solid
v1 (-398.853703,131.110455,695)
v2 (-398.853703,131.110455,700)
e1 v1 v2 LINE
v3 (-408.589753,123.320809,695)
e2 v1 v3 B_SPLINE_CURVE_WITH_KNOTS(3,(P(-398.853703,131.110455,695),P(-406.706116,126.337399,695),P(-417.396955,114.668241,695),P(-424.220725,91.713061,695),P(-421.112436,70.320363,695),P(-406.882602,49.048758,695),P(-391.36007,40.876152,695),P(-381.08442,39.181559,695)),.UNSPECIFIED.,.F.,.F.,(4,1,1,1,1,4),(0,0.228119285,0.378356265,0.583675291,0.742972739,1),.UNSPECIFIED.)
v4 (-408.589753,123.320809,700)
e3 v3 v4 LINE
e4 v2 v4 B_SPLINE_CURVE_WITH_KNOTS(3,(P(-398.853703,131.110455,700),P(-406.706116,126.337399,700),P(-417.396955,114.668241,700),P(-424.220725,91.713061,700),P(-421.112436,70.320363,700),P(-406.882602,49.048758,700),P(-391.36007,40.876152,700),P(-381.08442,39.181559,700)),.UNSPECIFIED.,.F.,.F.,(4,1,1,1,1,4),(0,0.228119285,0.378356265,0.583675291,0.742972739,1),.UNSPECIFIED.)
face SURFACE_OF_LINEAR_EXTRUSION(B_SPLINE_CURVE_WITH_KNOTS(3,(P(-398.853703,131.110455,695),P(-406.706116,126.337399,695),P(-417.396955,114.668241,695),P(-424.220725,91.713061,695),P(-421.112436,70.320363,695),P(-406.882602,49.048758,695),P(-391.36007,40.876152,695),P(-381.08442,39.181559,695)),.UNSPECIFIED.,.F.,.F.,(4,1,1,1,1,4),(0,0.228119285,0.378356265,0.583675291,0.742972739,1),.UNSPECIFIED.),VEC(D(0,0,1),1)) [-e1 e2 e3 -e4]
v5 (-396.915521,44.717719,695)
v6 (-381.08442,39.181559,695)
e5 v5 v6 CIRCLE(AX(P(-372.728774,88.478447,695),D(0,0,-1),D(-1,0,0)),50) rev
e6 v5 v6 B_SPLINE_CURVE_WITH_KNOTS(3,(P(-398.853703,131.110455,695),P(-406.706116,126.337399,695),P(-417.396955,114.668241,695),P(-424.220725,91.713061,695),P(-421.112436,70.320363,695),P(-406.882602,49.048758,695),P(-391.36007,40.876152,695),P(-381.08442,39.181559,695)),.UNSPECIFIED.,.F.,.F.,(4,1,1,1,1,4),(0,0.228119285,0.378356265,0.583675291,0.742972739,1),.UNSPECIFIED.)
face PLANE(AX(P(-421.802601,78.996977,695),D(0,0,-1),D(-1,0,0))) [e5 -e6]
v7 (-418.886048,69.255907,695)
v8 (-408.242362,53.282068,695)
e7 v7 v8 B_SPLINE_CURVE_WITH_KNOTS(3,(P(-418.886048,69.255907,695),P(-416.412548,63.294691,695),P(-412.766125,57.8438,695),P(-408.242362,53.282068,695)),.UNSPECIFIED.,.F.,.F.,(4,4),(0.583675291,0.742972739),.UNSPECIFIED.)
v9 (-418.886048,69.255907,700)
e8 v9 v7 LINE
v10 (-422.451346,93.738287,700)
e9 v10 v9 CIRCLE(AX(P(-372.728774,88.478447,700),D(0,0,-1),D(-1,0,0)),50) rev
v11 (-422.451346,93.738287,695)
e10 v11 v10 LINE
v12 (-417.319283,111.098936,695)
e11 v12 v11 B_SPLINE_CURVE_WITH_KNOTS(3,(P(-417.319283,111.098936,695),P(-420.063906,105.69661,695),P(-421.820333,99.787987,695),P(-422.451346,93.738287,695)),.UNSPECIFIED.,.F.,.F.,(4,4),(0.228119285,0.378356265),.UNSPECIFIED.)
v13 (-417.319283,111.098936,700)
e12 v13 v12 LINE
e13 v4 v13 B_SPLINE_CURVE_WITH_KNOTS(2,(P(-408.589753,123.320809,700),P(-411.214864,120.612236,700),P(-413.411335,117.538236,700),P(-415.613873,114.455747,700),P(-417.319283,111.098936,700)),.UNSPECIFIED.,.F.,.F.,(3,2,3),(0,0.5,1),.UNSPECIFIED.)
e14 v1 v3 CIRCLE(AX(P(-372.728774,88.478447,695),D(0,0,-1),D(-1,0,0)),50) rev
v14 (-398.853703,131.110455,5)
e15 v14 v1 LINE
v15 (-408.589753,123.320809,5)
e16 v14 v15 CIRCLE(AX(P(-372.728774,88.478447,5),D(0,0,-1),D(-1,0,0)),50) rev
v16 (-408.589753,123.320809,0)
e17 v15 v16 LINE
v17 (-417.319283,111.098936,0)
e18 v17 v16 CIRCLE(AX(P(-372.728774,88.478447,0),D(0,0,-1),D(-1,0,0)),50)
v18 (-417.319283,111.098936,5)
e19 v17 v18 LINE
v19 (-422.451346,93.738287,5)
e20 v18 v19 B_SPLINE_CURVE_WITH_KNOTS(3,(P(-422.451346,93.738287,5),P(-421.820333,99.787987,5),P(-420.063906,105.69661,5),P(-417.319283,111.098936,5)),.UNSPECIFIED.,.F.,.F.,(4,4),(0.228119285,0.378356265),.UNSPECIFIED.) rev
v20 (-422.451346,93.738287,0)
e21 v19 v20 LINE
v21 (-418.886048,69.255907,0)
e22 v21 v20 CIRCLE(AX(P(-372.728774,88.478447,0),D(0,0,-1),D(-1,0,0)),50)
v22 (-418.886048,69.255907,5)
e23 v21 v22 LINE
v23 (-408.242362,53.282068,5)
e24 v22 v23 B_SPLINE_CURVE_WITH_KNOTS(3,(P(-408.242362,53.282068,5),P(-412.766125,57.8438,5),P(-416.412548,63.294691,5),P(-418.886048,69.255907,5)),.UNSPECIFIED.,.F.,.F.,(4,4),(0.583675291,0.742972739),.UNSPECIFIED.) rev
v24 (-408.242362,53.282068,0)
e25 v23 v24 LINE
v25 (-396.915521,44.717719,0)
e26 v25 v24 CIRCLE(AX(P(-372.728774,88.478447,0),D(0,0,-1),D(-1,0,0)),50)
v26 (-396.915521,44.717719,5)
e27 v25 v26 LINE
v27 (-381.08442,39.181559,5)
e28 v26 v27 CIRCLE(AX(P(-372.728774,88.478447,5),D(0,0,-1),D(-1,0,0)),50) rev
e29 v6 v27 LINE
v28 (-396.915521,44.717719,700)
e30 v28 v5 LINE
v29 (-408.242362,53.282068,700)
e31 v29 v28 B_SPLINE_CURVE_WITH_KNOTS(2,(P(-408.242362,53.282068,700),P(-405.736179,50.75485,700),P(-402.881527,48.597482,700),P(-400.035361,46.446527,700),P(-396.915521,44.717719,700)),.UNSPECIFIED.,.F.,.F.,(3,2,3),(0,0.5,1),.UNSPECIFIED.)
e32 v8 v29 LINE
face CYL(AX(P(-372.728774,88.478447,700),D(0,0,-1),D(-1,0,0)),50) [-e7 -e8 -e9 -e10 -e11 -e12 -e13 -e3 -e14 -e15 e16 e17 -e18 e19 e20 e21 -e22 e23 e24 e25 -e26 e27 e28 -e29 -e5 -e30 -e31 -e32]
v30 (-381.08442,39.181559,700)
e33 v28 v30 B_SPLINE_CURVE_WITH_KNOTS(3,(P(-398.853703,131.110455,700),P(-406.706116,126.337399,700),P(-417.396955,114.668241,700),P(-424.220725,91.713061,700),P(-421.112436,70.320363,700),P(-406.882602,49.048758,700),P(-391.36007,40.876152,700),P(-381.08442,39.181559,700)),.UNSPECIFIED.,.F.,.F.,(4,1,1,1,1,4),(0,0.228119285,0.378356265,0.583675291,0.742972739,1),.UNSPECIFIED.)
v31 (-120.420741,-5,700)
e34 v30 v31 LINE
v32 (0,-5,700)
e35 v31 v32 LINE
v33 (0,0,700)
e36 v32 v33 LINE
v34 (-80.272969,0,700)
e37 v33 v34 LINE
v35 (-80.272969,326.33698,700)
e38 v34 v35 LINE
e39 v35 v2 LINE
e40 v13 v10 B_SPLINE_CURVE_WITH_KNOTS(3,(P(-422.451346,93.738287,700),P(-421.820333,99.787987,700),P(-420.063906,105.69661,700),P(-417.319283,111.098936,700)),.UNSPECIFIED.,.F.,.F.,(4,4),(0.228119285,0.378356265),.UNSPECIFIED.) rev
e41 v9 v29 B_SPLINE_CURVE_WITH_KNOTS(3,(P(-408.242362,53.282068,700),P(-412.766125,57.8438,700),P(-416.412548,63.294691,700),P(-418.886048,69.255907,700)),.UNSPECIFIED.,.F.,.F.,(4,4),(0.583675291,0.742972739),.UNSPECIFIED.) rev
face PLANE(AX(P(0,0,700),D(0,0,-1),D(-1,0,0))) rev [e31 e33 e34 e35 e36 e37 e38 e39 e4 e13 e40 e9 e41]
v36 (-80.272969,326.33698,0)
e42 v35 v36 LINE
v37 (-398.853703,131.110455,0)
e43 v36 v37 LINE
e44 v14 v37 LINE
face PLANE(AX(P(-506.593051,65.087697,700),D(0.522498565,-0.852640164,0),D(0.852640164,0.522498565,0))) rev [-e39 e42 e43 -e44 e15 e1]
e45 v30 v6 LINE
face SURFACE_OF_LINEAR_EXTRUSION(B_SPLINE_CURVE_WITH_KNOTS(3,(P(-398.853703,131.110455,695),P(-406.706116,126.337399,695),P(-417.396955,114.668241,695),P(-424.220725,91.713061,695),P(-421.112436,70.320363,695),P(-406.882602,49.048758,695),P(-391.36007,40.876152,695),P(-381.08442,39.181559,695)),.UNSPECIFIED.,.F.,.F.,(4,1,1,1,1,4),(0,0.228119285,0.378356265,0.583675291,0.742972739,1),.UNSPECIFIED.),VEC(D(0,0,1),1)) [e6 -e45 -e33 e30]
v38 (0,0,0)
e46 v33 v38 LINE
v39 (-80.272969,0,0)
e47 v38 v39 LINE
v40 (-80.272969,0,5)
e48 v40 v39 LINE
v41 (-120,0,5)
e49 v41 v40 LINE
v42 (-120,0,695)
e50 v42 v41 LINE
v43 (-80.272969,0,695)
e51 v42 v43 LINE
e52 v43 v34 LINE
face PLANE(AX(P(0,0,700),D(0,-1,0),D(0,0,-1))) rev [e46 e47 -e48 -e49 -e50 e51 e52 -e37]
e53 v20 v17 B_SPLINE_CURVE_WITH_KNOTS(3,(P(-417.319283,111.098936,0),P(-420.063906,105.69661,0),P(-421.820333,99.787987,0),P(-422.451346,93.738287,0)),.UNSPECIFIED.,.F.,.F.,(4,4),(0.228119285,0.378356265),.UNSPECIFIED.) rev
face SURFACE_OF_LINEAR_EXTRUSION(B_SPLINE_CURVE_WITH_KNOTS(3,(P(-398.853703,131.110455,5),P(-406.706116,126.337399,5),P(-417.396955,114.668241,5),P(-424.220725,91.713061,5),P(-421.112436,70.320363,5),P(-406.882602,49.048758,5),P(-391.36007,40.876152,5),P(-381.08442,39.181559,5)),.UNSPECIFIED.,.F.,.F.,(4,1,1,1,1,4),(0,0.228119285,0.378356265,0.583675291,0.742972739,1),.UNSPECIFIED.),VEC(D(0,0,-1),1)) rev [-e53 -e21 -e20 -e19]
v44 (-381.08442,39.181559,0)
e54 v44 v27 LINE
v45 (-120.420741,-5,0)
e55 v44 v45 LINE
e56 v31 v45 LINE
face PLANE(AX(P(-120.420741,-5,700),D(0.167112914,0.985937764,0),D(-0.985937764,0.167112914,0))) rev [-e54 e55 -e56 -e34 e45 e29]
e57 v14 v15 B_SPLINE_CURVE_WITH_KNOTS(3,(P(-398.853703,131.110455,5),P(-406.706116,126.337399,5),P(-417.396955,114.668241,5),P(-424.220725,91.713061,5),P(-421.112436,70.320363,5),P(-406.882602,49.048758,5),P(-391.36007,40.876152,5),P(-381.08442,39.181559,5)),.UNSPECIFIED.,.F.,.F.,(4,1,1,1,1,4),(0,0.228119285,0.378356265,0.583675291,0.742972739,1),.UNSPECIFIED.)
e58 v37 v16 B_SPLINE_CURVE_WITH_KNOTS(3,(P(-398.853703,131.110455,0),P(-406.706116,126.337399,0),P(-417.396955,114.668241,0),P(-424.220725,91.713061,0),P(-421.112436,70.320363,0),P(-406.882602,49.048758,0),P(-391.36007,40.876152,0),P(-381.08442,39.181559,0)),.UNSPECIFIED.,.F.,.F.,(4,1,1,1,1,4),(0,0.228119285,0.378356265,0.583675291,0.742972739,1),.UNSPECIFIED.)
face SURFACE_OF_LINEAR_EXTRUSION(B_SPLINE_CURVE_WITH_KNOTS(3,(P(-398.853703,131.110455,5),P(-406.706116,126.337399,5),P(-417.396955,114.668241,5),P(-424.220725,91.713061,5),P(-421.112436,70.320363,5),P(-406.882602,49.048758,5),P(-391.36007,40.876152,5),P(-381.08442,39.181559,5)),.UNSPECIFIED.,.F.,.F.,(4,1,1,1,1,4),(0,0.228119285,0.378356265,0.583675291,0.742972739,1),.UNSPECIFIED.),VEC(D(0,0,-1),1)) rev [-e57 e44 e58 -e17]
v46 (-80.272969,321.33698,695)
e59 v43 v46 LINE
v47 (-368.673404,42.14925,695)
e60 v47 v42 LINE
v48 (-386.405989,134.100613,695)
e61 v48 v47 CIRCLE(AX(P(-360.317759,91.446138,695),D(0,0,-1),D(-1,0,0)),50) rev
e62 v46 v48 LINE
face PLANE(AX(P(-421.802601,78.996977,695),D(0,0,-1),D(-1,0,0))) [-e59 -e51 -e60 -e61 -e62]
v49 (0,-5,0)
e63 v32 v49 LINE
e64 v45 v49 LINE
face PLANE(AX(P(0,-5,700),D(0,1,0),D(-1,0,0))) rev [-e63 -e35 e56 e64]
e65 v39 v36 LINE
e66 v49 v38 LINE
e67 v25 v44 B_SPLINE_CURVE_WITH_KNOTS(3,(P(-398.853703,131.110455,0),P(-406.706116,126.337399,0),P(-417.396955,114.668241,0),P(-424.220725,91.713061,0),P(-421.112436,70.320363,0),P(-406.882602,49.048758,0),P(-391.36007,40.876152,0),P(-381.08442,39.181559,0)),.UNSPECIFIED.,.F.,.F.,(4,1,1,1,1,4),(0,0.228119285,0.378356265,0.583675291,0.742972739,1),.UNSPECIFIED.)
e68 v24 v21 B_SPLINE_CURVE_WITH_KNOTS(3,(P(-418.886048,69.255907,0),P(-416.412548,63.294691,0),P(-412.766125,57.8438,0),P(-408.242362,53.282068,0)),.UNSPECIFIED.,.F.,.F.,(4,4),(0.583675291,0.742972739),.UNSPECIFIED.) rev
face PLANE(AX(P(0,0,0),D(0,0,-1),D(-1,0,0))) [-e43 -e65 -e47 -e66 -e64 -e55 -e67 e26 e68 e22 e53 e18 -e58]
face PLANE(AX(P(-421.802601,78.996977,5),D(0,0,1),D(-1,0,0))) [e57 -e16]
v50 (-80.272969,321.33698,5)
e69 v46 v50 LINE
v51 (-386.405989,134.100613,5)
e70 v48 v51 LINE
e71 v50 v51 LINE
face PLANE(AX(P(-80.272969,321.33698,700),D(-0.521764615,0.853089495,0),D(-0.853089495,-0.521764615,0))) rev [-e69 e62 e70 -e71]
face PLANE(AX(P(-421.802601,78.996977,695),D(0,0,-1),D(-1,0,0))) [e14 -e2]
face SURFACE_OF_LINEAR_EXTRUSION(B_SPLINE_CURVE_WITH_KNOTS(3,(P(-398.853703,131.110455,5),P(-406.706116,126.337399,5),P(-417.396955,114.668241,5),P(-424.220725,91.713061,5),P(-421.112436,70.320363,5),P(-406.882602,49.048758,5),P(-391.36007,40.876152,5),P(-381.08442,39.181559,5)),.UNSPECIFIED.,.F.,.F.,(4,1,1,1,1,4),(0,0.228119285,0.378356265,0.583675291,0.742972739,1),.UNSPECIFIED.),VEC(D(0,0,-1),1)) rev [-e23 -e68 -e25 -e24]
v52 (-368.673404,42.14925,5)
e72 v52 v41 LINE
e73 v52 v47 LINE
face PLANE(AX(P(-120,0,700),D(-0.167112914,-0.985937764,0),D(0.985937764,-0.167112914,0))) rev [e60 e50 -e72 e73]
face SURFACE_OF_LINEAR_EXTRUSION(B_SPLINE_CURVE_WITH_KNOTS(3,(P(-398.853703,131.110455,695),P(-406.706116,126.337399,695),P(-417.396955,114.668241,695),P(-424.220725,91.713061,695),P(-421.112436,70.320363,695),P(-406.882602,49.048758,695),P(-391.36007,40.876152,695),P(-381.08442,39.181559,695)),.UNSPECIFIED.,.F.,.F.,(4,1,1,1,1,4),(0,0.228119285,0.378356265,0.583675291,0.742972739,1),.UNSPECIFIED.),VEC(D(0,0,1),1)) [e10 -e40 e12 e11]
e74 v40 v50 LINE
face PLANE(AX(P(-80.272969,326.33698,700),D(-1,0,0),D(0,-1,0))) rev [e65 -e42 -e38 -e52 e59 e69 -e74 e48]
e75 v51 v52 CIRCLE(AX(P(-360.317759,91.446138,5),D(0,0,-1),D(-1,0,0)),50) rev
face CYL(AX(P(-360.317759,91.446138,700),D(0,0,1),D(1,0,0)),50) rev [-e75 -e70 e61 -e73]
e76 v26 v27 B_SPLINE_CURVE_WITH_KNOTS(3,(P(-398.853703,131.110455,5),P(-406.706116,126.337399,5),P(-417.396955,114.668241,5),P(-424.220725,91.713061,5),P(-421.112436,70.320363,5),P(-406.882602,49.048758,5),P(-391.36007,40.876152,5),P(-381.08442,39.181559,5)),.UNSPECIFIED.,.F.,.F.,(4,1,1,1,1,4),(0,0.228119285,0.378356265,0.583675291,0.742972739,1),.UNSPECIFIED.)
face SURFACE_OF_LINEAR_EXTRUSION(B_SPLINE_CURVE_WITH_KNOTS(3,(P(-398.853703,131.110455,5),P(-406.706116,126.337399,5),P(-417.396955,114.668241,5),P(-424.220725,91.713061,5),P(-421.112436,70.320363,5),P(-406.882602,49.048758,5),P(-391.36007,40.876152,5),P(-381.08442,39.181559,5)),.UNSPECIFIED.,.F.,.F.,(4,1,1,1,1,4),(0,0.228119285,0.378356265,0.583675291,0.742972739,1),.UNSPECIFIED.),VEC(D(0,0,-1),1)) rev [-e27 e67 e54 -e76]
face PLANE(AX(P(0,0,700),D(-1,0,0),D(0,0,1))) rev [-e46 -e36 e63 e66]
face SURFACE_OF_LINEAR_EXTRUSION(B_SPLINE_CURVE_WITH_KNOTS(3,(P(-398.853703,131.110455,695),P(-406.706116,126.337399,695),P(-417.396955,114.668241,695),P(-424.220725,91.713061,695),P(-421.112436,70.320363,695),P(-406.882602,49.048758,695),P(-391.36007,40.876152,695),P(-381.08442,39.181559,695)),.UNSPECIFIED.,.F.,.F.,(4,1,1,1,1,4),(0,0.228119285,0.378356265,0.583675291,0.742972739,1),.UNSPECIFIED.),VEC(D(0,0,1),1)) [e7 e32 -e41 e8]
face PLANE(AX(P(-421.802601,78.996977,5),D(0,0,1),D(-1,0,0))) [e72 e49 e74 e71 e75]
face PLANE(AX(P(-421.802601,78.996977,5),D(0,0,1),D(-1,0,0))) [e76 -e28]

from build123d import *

# Parameters (mm, degrees)
BOSS_EXTRUDE1_DEPTH = 700
FILLET4_R           = 50
FILLET5_R           = 50
BOSS_EXTRUDE2_DEPTH = 5


with BuildPart() as part:
    # Sketch1 → Boss-Extrude1 (new body)
    with BuildSketch(Plane.XY):
        Polygon((0, 0), (-120, 0), (-500.276363355, 64.455479422), (-80.272969111, 321.336979592), (-80.272969111, 326.336979592), (-506.593051288, 65.087697234), (-512.515194277, 61.458603343), (-505.351292424, 60.244347678), (-120.420740562, -5), (0, -5), align=None)
    extrude(amount=BOSS_EXTRUDE1_DEPTH)

    # Fillet4
    fillet4_edges = [part.edges().sort_by_distance(p)[0] for p in [
        (-500.276363355, 64.455479422, 350),
    ]]
    fillet(fillet4_edges, radius=FILLET4_R)

    # Fillet5
    fillet5_edges = [part.edges().sort_by_distance(p)[0] for p in [
        (-512.515194277, 61.458603343, 350),
    ]]
    fillet(fillet5_edges, radius=FILLET5_R)

    # Sketch2 → Boss-Extrude2 (add)
    with BuildSketch(Plane.XY.offset(700)):
        with BuildLine():
            Line((-120.420740562, -5), (-381.084420098, 39.181558602))
            add(Edge.make_bspline(
                [(-398.853702629, 131.110455006), (-406.706116268, 126.337398714), (-417.396955451, 114.668240543), (-424.220724955, 91.713060572), (-421.112435822, 70.320363039), (-406.882601787, 49.048758298), (-391.360070335, 40.876151559), (-381.084420098, 39.181558602)],
                knots=[0, 0, 0, 0, 0.228119285, 0.378356265, 0.583675291, 0.742972739, 1, 1, 1, 1], degree=3))
            Line((-398.853702629, 131.110455006), (-80.272969111, 326.336979592))
            Line((-80.272969111, 326.336979592), (-80.272969111, 0))
            Line((-80.272969111, 0), (-80.272969111, -5))
            Line((-80.272969111, -5), (-120.420740562, -5))
        make_face()
    extrude(amount=-BOSS_EXTRUDE2_DEPTH)

    # Mirror2: part across plane


with BuildPart() as part_1:
    add(part.part)
    add(part.part.mirror(Plane.XY.offset(350)))


solid = part_1.part
